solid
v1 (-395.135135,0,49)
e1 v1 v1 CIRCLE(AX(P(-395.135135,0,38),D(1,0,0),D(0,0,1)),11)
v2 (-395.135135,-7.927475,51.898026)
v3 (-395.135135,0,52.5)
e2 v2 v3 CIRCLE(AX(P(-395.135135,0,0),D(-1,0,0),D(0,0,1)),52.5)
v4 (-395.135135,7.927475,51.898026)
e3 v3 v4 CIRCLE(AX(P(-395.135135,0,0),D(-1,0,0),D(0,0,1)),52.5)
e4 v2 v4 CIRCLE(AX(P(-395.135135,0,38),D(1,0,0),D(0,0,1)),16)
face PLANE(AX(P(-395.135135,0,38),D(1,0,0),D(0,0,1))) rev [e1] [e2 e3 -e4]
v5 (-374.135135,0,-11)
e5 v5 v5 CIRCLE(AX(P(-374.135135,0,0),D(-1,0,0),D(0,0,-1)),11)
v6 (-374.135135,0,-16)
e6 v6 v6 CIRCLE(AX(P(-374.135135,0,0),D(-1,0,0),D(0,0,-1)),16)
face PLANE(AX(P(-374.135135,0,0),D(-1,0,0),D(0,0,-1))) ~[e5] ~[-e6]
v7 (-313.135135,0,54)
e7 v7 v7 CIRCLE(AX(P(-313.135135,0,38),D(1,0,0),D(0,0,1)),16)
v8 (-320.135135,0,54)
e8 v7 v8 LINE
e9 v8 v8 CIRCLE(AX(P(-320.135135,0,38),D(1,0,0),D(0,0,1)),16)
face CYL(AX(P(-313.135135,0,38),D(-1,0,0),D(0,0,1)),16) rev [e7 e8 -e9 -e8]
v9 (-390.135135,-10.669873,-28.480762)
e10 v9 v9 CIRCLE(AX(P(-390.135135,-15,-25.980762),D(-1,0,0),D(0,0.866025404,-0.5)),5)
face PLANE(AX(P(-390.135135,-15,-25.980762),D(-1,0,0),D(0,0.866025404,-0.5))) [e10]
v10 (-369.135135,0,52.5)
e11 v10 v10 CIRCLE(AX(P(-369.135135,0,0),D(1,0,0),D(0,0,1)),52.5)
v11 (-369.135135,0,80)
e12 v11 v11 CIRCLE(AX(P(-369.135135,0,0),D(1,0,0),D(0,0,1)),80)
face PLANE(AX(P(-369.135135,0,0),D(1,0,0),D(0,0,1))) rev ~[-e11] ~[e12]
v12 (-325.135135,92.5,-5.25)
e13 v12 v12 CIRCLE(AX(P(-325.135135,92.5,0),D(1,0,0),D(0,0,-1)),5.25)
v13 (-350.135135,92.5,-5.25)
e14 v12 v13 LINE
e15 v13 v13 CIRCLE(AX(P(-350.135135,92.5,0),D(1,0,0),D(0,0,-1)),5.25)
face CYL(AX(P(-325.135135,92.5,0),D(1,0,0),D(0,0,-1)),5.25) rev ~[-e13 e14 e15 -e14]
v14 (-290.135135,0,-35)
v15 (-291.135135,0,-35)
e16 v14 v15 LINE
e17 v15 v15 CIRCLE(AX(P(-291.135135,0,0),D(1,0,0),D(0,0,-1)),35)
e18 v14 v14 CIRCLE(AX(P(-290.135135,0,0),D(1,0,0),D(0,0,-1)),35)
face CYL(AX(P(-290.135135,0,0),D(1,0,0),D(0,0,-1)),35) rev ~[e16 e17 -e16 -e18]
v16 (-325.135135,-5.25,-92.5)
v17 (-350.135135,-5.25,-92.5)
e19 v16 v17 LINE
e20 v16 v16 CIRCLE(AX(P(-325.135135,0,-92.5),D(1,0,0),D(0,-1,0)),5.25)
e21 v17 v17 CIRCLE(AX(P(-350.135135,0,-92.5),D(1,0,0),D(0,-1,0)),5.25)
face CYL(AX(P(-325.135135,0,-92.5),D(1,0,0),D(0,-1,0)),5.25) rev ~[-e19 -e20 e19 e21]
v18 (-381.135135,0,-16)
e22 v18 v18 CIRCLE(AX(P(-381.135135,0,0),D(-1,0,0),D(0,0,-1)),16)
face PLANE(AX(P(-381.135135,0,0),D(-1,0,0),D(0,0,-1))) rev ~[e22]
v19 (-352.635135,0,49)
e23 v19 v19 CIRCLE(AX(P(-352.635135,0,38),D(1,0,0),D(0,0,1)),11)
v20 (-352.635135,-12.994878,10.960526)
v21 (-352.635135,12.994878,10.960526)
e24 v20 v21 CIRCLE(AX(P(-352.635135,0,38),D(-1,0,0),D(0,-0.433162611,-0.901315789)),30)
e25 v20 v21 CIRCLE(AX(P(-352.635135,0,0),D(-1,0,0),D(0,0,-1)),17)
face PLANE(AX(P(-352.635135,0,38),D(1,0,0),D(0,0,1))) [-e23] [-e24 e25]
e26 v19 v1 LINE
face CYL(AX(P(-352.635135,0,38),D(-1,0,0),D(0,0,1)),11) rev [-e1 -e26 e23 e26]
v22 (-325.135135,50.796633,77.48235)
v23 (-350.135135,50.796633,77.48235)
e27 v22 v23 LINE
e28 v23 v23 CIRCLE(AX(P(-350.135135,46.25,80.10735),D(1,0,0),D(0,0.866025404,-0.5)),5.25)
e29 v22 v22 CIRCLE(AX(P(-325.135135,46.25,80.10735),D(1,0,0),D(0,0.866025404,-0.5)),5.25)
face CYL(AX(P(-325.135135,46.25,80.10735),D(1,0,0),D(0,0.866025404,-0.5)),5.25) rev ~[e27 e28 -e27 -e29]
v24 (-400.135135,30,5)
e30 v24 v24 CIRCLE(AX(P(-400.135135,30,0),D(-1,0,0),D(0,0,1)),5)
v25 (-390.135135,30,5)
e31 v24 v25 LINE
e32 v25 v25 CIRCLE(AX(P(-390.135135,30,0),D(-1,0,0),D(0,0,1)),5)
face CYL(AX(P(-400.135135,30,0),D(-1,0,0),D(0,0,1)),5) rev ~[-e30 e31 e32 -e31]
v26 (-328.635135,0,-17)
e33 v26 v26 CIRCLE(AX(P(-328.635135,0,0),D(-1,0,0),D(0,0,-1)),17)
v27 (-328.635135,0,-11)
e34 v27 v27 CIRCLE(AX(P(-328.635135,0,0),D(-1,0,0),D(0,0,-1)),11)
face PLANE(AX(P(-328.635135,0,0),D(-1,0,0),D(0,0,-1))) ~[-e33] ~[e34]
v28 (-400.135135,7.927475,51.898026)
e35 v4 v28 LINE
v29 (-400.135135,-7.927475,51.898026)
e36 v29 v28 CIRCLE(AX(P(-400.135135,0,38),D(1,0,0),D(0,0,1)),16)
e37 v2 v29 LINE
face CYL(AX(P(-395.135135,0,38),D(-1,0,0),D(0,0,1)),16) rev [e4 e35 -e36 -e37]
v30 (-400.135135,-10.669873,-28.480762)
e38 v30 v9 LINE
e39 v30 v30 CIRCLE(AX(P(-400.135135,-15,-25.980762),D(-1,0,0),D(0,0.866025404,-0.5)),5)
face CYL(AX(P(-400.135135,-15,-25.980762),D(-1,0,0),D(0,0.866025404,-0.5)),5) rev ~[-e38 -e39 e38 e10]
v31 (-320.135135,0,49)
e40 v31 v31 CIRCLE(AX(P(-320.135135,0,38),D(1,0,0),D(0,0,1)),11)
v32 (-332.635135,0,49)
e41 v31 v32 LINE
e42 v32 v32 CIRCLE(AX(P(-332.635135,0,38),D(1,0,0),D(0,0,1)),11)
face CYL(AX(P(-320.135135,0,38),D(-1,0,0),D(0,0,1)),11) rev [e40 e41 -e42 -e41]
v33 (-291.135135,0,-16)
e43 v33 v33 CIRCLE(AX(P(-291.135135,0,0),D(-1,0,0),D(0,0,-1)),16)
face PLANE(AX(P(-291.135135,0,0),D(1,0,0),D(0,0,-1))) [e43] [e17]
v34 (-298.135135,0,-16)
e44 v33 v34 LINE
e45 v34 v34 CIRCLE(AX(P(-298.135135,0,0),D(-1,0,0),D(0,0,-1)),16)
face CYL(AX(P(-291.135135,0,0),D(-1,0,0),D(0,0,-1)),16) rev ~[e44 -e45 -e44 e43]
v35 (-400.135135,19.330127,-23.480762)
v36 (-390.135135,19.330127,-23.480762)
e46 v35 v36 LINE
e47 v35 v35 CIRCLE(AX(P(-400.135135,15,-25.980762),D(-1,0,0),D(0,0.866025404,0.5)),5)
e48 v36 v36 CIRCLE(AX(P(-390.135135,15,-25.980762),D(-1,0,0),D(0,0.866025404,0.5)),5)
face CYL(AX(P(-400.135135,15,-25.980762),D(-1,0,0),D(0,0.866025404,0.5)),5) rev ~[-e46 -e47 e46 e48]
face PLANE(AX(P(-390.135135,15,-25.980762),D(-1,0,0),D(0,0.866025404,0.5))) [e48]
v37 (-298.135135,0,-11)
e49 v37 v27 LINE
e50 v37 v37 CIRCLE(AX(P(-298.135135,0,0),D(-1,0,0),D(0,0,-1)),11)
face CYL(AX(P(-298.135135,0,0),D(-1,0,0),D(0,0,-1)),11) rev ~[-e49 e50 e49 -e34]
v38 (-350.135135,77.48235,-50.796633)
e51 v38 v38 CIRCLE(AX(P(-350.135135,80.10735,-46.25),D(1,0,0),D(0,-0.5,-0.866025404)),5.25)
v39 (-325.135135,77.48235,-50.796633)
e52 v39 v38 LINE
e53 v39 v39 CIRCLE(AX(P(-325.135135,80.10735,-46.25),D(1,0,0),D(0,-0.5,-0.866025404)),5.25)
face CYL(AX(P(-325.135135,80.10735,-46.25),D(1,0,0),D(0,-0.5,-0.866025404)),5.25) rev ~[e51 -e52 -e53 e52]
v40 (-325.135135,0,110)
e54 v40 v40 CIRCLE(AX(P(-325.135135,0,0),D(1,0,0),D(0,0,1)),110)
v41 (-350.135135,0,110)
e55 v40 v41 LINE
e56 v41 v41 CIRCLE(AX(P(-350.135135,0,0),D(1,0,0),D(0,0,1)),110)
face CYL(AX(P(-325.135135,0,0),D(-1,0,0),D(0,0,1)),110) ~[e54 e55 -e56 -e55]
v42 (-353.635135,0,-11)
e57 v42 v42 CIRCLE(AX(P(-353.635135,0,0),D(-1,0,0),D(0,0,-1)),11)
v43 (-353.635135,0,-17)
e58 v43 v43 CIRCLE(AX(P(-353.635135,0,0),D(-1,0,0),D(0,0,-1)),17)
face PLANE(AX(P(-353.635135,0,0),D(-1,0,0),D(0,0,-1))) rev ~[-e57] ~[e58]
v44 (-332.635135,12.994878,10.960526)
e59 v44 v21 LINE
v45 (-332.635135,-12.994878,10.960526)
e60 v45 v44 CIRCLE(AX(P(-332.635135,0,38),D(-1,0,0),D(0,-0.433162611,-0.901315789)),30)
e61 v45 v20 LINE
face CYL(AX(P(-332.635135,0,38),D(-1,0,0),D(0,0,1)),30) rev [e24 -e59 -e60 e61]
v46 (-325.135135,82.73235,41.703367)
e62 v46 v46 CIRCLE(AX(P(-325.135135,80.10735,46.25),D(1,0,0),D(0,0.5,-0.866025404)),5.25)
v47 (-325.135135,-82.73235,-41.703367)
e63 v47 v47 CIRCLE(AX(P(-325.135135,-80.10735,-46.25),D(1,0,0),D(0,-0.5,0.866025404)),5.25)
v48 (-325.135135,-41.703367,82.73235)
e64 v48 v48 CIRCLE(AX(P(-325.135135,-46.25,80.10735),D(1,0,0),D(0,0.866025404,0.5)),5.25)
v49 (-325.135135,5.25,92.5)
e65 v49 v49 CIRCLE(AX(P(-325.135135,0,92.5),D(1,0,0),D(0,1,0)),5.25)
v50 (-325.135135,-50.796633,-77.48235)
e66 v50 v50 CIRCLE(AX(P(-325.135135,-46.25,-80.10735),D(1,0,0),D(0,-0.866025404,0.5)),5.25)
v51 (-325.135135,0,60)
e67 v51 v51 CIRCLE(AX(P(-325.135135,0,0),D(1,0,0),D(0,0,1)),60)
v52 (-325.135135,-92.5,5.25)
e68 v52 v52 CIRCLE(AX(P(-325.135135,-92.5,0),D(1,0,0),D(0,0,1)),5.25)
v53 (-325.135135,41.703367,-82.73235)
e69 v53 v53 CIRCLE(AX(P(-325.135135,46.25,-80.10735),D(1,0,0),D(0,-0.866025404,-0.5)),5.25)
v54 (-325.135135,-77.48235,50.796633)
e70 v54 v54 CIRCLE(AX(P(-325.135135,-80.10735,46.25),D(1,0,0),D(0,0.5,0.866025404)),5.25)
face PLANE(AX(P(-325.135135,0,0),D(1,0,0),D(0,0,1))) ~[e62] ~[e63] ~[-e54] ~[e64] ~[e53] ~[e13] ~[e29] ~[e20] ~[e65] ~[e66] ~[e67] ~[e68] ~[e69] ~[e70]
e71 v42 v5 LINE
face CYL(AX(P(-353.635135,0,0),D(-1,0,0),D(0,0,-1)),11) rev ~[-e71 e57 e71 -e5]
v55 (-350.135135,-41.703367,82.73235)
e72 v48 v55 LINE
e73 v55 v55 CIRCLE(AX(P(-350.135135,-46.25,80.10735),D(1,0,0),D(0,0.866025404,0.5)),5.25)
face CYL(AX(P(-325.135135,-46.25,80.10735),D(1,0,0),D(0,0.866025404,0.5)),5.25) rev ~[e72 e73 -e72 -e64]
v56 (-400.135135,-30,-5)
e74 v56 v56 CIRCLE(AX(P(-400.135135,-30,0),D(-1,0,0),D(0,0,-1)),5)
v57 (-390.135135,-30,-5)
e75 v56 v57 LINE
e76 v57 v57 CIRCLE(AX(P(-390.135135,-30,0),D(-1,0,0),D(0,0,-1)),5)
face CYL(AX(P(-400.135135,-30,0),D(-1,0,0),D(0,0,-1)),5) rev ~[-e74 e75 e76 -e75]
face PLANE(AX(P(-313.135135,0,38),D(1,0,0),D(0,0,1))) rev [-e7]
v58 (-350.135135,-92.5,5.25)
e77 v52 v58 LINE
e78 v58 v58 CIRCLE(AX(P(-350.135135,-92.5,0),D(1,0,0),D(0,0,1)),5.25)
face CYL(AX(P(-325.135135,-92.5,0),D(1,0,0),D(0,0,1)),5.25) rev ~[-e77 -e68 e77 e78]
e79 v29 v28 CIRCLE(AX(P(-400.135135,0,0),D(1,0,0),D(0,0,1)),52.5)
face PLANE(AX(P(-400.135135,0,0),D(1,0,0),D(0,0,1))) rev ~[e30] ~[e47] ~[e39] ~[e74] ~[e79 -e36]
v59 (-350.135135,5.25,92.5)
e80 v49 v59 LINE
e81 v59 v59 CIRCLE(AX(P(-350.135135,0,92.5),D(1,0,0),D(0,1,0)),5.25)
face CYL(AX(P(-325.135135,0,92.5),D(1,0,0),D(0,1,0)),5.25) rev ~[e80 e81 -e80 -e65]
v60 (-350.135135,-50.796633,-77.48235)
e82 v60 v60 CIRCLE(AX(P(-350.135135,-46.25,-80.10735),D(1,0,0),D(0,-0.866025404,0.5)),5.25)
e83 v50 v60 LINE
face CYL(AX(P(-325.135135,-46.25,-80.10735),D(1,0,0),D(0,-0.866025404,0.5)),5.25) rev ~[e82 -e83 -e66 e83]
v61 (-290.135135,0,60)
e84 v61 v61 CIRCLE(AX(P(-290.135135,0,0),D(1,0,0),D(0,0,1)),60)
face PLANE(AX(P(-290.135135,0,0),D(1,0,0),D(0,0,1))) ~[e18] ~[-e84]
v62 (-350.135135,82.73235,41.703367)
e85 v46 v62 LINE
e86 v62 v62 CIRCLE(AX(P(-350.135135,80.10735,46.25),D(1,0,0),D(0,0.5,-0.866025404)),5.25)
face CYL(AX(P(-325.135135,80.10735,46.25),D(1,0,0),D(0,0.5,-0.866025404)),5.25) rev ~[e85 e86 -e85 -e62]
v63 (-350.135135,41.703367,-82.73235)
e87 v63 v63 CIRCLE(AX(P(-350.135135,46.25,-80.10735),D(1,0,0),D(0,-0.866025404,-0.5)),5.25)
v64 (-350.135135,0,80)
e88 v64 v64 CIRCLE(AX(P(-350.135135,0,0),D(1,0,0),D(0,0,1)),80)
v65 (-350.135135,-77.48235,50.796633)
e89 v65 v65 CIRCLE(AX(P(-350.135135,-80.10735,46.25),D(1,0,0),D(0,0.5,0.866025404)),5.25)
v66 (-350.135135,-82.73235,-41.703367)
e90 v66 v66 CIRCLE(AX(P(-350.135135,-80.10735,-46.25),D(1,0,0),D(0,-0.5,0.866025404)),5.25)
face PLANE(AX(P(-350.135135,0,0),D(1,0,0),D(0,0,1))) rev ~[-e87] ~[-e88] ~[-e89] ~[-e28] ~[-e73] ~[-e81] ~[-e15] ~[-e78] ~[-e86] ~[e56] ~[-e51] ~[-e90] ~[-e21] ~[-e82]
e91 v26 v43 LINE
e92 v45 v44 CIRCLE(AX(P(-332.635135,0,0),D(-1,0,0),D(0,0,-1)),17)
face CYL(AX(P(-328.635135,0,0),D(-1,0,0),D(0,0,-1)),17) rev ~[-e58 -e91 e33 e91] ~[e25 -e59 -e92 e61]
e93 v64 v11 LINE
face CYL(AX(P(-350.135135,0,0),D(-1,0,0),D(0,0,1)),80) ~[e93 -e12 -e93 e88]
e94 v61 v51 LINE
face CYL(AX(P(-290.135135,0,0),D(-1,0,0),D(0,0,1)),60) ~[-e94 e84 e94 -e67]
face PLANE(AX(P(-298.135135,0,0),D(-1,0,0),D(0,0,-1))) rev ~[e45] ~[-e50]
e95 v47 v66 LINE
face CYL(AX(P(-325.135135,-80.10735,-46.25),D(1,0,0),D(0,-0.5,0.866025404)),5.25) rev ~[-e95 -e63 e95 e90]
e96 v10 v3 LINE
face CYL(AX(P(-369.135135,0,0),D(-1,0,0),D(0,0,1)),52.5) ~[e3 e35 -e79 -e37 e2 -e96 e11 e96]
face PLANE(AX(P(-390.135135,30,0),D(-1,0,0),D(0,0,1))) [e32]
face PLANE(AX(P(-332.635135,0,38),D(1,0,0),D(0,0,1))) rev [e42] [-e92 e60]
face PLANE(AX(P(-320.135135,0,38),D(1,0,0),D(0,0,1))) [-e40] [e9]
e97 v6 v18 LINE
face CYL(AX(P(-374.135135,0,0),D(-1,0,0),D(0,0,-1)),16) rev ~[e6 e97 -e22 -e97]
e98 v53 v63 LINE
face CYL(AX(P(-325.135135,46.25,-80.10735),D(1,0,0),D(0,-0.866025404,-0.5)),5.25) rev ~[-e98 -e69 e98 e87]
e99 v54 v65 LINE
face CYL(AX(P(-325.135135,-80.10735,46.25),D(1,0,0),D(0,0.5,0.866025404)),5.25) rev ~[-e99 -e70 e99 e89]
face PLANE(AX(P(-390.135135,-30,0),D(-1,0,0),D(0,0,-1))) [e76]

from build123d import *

# Parameters (mm, degrees)
SKETCH2_R          = 35
CUT_EXTRUDE1_DEPTH = 1
CUT_EXTRUDE2_REACH = 174.699
SKETCH3_R          = 5.25
CIRPATTERN1_COUNT  = 12
SKETCH9_R          = 5
CUT_EXTRUDE3_DEPTH = 10
CIRPATTERN2_COUNT  = 4
CIRPATTERN2_ANGLE  = 180


with BuildPart() as part:
    # Sketch1 → Revolve1 (revolve)
    with BuildSketch(Plane.XY, mode=Mode.PRIVATE) as revolve1_sk:
        Polygon((-290.135135135, 60), (-325.135135135, 60), (-325.135135135, 110), (-350.135135135, 110), (-350.135135135, 80), (-369.135135135, 80), (-369.135135135, 52.5), (-400.135135135, 52.5), (-400.135135135, 0), (-290.135135135, 0), align=None)
    revolve(revolve1_sk.sketch.rotate(Axis((-400.135135135, 0, 0), (1, 0, 0)), 90), axis=Axis((-400.135135135, 0, 0), (1, 0, 0)))

    # Sketch2 → Cut-Extrude1 (cut)
    with BuildSketch(Plane(origin=(-290.135135135, 0, 0), x_dir=(0, 0, -1), z_dir=(1, 0, 0))):
        Circle(SKETCH2_R)
    extrude(amount=-CUT_EXTRUDE1_DEPTH, mode=Mode.SUBTRACT)

    # Sketch3 → Cut-Extrude2 (cut, up to next)
    with BuildSketch(Plane(origin=(-325.135135135, 0, 0), x_dir=(0, 0, -1), z_dir=(1, 0, 0)), mode=Mode.PRIVATE) as cut_extrude2_sk1:
        with Locations((0, 92.5)):
            Circle(SKETCH3_R)
    cut_extrude2_tool1 = extrude(cut_extrude2_sk1.sketch, amount=-CUT_EXTRUDE2_REACH, mode=Mode.PRIVATE) & part.part
    cut_extrude2 = cut_extrude2_tool1.solids().sort_by_distance((-325.135135, 92.5, 0))[0]
    add(cut_extrude2, mode=Mode.SUBTRACT)

    # CirPattern1: Cut-Extrude2 ×12 about axis
    cirpattern1_axis = Axis((0, 0, 0), (1, 0, 0))
    for i in range(1, CIRPATTERN1_COUNT):
        add(cut_extrude2.rotate(cirpattern1_axis, i * 360 / CIRPATTERN1_COUNT), mode=Mode.SUBTRACT)

    # Sketch4 → Cut-Revolve1 (revolve, cut)
    with BuildSketch(Plane.XY, mode=Mode.PRIVATE) as cut_revolve1_sk:
        Polygon((-291.135135135, 16), (-298.135135135, 16), (-298.135135135, 11), (-328.635135135, 11), (-328.635135135, 17), (-353.635135135, 17), (-353.635135135, 11), (-374.135135135, 11), (-374.135135135, 16), (-381.135135135, 16), (-381.135135135, 0), (-291.135135135, 0), align=None)
    revolve(cut_revolve1_sk.sketch.rotate(Axis((-291.135135135, 0, 0), (-1, 0, 0)), 90), axis=Axis((-291.135135135, 0, 0), (-1, 0, 0)), mode=Mode.SUBTRACT)

    # Sketch8 → Cut-Revolve2 (revolve, cut)
    with BuildSketch(Plane.XY.offset(38), mode=Mode.PRIVATE) as cut_revolve2_sk:
        Polygon((-400.135135135, 0), (-313.135135135, 0), (-313.135135135, 16), (-320.135135135, 16), (-320.135135135, 11), (-332.635135135, 11), (-332.635135135, 30), (-352.635135135, 30), (-352.635135135, 11), (-395.135135135, 11), (-395.135135135, 16), (-400.135135135, 16), align=None)
    revolve(cut_revolve2_sk.sketch.rotate(Axis((-400.135135135, 0, 38), (1, 0, 0)), 90), axis=Axis((-400.135135135, 0, 38), (1, 0, 0)), mode=Mode.SUBTRACT)

    # Sketch9 → Cut-Extrude3 (cut)
    with BuildSketch(Plane.ZY.offset(400.135135135)):
        with Locations((0, 30)):
            Circle(SKETCH9_R)
    cut_extrude3 = extrude(amount=-CUT_EXTRUDE3_DEPTH, mode=Mode.SUBTRACT)

    # CirPattern2: Cut-Extrude3 ×4 about axis
    cirpattern2_axis = Axis((0, 0, 0), (-1, 0, 0))
    for i in range(1, CIRPATTERN2_COUNT):
        add(cut_extrude3.rotate(cirpattern2_axis, i * CIRPATTERN2_ANGLE / (CIRPATTERN2_COUNT - 1)), mode=Mode.SUBTRACT)


solid = part.part
